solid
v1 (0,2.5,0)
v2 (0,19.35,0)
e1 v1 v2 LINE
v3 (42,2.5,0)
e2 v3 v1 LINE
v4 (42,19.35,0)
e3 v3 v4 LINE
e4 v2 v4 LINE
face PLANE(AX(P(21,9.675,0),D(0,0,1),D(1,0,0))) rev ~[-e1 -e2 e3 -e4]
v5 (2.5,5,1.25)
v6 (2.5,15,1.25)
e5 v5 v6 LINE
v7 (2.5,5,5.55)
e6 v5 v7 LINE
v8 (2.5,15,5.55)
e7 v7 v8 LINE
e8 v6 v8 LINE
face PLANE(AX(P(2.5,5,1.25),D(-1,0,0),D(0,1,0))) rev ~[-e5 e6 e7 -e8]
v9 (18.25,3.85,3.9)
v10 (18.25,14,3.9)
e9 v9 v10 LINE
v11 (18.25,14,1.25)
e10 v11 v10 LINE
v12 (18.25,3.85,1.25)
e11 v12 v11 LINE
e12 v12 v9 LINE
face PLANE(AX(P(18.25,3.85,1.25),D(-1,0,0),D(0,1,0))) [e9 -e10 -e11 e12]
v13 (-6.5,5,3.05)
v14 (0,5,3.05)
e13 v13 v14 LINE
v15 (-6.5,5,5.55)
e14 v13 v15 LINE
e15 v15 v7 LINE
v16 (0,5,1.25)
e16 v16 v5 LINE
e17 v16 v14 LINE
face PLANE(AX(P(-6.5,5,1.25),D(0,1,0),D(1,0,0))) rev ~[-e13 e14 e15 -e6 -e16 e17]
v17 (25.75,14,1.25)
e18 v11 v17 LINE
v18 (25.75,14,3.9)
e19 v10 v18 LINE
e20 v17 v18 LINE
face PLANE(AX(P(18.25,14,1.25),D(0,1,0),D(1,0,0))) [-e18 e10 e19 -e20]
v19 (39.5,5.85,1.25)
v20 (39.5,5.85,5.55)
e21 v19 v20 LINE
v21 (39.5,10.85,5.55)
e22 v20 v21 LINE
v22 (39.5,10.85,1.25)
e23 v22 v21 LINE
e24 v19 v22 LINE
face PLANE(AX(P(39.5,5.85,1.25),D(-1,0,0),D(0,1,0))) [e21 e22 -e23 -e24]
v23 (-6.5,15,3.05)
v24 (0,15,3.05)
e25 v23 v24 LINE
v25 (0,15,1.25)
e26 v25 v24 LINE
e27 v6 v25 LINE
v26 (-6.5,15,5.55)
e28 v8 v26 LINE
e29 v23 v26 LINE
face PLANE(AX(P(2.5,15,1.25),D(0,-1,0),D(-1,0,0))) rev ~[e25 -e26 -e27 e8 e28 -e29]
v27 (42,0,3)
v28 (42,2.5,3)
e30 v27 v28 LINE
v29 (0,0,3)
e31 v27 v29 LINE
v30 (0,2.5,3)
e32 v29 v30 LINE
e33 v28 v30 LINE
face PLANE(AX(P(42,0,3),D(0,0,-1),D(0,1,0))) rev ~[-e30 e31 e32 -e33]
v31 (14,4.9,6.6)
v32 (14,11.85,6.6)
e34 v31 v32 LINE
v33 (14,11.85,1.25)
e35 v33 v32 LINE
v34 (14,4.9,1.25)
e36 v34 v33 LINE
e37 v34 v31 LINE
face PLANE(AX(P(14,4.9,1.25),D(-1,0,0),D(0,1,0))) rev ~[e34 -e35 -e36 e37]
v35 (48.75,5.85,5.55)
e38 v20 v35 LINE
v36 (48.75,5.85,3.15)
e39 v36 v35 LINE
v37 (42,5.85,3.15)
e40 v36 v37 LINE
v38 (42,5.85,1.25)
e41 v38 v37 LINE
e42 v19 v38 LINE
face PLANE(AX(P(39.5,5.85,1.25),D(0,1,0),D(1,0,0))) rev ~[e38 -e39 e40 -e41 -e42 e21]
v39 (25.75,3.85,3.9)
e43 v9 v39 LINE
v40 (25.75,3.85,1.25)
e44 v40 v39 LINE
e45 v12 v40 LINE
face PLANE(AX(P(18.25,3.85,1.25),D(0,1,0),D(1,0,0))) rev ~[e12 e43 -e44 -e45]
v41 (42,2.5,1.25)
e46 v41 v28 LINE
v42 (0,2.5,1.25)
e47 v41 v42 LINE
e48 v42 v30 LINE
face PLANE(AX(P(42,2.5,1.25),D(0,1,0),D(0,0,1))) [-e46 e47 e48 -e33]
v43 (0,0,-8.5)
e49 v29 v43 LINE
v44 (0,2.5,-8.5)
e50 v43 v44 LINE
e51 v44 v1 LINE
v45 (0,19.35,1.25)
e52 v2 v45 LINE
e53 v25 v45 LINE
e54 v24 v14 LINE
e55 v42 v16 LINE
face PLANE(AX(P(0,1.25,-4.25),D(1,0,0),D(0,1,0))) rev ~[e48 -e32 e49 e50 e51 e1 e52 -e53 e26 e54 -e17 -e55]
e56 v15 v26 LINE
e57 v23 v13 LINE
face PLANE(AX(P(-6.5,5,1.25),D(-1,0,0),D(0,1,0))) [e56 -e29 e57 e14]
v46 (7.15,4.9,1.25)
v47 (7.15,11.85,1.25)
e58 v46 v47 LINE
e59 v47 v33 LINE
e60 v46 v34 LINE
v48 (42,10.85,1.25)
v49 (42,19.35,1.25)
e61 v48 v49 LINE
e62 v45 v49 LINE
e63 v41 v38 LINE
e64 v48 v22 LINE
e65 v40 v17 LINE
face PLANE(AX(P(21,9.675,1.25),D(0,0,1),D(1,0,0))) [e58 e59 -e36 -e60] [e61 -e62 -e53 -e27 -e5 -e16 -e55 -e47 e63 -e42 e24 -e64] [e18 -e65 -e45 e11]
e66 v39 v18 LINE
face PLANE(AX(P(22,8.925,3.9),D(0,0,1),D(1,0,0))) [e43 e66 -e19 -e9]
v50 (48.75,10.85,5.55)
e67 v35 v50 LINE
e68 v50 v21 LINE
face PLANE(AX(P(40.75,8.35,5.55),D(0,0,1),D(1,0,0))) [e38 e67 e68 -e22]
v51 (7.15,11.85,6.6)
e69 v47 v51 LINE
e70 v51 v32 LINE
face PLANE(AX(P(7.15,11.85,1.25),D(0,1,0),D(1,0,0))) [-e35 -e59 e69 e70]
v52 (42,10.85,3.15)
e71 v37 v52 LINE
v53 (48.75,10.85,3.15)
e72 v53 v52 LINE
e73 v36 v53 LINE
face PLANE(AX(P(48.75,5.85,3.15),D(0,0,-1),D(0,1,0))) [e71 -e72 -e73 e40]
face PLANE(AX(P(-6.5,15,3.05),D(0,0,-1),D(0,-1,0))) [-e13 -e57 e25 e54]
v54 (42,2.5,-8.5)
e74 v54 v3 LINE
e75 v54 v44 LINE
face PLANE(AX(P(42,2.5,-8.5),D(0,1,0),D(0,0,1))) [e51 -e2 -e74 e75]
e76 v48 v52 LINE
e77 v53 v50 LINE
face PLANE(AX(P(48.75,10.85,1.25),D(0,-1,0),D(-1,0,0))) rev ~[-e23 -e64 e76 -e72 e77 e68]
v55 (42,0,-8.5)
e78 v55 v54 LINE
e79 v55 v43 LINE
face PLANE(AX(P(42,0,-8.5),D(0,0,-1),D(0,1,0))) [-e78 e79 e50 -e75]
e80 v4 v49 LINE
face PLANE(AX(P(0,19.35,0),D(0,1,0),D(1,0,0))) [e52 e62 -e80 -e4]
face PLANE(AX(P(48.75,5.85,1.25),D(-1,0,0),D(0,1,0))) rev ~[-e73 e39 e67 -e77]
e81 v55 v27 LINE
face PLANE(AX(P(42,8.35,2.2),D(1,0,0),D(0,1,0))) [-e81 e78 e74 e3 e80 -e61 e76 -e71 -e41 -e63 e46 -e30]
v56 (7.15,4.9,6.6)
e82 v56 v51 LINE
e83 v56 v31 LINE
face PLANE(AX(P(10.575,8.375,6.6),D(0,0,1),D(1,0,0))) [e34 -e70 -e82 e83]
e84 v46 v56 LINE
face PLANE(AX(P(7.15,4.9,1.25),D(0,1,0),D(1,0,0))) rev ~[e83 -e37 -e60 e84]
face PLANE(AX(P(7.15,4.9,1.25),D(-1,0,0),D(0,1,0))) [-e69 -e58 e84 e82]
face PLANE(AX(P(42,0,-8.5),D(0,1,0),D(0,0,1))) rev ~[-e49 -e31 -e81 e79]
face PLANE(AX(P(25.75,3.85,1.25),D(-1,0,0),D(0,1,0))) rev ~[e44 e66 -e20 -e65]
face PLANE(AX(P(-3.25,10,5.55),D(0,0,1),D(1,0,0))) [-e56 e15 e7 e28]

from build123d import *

# Parameters (mm, degrees)
F0_W      = 42
F0_H      = 19.35
F1_DEPTH  = 1.25
F2_W      = 2.5
F2_H      = 8.5
F2_H_2    = 1.75
F3_DEPTH  = 42
F4_W      = 2.5
F4_H      = 5
F4_W_2    = 6.75
F4_W_3    = 6.5
F4_H_2    = 10
F5_DEPTH  = 4.3
F6_W      = 5
F6_H      = 1.9
F7_DEPTH  = 6.75
F8_W      = 10
F8_H      = 1.8
F9_DEPTH  = 6.5
F4_W_4    = 6.85
F4_H_3    = 6.95
F10_DEPTH = 5.35
F4_W_5    = 7.5
F4_H_4    = 10.15
F11_DEPTH = 2.65


with BuildPart() as f1:
    # F0 (on Top) → F1 (new body)
    with BuildSketch(Plane.XY):
        with Locations((21, 9.675)):
            Rectangle(F0_W, F0_H)
    extrude(amount=F1_DEPTH)

    # F2 (on face) → F3 (join)
    with BuildSketch(Plane.YZ.offset(42)):
        with Locations((1.25, -4.25)):
            Rectangle(F2_W, F2_H)
        with Locations((1.25, 2.125)):
            Rectangle(F2_W, F2_H_2)
    extrude(amount=-F3_DEPTH)

    # F4 (on face) → F5 (join)
    with BuildSketch(Plane.XY.offset(1.25)):
        with Locations((40.75, 8.35)):
            Rectangle(F4_W, F4_H)
        with Locations((45.375, 8.35)):
            Rectangle(F4_W_2, F4_H)
        with Locations((-3.25, 10)):
            Rectangle(F4_W_3, F4_H_2)
        with Locations((1.25, 10)):
            Rectangle(F4_W, F4_H_2)
    extrude(amount=F5_DEPTH)

    # F6 (on face) → F7 (cut)
    with BuildSketch(Plane.YZ.offset(48.75)):
        with Locations((8.35, 2.2)):
            Rectangle(F6_W, F6_H)
    extrude(amount=-F7_DEPTH, mode=Mode.SUBTRACT)

    # F8 (on face) → F9 (cut)
    with BuildSketch(Plane(origin=(-6.5, 0, 0), x_dir=(0, -1, 0), z_dir=(-1, 0, 0))):
        with Locations((-10, 2.15)):
            Rectangle(F8_W, F8_H)
    extrude(amount=-F9_DEPTH, mode=Mode.SUBTRACT)

    # F4 (on face) → F10 (join)
    with BuildSketch(Plane.XY.offset(1.25)):
        with Locations((10.575, 8.375)):
            Rectangle(F4_W_4, F4_H_3)
    extrude(amount=F10_DEPTH)

    # F4 (on face) → F11 (join)
    with BuildSketch(Plane.XY.offset(1.25)):
        with Locations((22, 8.925)):
            Rectangle(F4_W_5, F4_H_4)
    extrude(amount=F11_DEPTH)


solid = f1.part
